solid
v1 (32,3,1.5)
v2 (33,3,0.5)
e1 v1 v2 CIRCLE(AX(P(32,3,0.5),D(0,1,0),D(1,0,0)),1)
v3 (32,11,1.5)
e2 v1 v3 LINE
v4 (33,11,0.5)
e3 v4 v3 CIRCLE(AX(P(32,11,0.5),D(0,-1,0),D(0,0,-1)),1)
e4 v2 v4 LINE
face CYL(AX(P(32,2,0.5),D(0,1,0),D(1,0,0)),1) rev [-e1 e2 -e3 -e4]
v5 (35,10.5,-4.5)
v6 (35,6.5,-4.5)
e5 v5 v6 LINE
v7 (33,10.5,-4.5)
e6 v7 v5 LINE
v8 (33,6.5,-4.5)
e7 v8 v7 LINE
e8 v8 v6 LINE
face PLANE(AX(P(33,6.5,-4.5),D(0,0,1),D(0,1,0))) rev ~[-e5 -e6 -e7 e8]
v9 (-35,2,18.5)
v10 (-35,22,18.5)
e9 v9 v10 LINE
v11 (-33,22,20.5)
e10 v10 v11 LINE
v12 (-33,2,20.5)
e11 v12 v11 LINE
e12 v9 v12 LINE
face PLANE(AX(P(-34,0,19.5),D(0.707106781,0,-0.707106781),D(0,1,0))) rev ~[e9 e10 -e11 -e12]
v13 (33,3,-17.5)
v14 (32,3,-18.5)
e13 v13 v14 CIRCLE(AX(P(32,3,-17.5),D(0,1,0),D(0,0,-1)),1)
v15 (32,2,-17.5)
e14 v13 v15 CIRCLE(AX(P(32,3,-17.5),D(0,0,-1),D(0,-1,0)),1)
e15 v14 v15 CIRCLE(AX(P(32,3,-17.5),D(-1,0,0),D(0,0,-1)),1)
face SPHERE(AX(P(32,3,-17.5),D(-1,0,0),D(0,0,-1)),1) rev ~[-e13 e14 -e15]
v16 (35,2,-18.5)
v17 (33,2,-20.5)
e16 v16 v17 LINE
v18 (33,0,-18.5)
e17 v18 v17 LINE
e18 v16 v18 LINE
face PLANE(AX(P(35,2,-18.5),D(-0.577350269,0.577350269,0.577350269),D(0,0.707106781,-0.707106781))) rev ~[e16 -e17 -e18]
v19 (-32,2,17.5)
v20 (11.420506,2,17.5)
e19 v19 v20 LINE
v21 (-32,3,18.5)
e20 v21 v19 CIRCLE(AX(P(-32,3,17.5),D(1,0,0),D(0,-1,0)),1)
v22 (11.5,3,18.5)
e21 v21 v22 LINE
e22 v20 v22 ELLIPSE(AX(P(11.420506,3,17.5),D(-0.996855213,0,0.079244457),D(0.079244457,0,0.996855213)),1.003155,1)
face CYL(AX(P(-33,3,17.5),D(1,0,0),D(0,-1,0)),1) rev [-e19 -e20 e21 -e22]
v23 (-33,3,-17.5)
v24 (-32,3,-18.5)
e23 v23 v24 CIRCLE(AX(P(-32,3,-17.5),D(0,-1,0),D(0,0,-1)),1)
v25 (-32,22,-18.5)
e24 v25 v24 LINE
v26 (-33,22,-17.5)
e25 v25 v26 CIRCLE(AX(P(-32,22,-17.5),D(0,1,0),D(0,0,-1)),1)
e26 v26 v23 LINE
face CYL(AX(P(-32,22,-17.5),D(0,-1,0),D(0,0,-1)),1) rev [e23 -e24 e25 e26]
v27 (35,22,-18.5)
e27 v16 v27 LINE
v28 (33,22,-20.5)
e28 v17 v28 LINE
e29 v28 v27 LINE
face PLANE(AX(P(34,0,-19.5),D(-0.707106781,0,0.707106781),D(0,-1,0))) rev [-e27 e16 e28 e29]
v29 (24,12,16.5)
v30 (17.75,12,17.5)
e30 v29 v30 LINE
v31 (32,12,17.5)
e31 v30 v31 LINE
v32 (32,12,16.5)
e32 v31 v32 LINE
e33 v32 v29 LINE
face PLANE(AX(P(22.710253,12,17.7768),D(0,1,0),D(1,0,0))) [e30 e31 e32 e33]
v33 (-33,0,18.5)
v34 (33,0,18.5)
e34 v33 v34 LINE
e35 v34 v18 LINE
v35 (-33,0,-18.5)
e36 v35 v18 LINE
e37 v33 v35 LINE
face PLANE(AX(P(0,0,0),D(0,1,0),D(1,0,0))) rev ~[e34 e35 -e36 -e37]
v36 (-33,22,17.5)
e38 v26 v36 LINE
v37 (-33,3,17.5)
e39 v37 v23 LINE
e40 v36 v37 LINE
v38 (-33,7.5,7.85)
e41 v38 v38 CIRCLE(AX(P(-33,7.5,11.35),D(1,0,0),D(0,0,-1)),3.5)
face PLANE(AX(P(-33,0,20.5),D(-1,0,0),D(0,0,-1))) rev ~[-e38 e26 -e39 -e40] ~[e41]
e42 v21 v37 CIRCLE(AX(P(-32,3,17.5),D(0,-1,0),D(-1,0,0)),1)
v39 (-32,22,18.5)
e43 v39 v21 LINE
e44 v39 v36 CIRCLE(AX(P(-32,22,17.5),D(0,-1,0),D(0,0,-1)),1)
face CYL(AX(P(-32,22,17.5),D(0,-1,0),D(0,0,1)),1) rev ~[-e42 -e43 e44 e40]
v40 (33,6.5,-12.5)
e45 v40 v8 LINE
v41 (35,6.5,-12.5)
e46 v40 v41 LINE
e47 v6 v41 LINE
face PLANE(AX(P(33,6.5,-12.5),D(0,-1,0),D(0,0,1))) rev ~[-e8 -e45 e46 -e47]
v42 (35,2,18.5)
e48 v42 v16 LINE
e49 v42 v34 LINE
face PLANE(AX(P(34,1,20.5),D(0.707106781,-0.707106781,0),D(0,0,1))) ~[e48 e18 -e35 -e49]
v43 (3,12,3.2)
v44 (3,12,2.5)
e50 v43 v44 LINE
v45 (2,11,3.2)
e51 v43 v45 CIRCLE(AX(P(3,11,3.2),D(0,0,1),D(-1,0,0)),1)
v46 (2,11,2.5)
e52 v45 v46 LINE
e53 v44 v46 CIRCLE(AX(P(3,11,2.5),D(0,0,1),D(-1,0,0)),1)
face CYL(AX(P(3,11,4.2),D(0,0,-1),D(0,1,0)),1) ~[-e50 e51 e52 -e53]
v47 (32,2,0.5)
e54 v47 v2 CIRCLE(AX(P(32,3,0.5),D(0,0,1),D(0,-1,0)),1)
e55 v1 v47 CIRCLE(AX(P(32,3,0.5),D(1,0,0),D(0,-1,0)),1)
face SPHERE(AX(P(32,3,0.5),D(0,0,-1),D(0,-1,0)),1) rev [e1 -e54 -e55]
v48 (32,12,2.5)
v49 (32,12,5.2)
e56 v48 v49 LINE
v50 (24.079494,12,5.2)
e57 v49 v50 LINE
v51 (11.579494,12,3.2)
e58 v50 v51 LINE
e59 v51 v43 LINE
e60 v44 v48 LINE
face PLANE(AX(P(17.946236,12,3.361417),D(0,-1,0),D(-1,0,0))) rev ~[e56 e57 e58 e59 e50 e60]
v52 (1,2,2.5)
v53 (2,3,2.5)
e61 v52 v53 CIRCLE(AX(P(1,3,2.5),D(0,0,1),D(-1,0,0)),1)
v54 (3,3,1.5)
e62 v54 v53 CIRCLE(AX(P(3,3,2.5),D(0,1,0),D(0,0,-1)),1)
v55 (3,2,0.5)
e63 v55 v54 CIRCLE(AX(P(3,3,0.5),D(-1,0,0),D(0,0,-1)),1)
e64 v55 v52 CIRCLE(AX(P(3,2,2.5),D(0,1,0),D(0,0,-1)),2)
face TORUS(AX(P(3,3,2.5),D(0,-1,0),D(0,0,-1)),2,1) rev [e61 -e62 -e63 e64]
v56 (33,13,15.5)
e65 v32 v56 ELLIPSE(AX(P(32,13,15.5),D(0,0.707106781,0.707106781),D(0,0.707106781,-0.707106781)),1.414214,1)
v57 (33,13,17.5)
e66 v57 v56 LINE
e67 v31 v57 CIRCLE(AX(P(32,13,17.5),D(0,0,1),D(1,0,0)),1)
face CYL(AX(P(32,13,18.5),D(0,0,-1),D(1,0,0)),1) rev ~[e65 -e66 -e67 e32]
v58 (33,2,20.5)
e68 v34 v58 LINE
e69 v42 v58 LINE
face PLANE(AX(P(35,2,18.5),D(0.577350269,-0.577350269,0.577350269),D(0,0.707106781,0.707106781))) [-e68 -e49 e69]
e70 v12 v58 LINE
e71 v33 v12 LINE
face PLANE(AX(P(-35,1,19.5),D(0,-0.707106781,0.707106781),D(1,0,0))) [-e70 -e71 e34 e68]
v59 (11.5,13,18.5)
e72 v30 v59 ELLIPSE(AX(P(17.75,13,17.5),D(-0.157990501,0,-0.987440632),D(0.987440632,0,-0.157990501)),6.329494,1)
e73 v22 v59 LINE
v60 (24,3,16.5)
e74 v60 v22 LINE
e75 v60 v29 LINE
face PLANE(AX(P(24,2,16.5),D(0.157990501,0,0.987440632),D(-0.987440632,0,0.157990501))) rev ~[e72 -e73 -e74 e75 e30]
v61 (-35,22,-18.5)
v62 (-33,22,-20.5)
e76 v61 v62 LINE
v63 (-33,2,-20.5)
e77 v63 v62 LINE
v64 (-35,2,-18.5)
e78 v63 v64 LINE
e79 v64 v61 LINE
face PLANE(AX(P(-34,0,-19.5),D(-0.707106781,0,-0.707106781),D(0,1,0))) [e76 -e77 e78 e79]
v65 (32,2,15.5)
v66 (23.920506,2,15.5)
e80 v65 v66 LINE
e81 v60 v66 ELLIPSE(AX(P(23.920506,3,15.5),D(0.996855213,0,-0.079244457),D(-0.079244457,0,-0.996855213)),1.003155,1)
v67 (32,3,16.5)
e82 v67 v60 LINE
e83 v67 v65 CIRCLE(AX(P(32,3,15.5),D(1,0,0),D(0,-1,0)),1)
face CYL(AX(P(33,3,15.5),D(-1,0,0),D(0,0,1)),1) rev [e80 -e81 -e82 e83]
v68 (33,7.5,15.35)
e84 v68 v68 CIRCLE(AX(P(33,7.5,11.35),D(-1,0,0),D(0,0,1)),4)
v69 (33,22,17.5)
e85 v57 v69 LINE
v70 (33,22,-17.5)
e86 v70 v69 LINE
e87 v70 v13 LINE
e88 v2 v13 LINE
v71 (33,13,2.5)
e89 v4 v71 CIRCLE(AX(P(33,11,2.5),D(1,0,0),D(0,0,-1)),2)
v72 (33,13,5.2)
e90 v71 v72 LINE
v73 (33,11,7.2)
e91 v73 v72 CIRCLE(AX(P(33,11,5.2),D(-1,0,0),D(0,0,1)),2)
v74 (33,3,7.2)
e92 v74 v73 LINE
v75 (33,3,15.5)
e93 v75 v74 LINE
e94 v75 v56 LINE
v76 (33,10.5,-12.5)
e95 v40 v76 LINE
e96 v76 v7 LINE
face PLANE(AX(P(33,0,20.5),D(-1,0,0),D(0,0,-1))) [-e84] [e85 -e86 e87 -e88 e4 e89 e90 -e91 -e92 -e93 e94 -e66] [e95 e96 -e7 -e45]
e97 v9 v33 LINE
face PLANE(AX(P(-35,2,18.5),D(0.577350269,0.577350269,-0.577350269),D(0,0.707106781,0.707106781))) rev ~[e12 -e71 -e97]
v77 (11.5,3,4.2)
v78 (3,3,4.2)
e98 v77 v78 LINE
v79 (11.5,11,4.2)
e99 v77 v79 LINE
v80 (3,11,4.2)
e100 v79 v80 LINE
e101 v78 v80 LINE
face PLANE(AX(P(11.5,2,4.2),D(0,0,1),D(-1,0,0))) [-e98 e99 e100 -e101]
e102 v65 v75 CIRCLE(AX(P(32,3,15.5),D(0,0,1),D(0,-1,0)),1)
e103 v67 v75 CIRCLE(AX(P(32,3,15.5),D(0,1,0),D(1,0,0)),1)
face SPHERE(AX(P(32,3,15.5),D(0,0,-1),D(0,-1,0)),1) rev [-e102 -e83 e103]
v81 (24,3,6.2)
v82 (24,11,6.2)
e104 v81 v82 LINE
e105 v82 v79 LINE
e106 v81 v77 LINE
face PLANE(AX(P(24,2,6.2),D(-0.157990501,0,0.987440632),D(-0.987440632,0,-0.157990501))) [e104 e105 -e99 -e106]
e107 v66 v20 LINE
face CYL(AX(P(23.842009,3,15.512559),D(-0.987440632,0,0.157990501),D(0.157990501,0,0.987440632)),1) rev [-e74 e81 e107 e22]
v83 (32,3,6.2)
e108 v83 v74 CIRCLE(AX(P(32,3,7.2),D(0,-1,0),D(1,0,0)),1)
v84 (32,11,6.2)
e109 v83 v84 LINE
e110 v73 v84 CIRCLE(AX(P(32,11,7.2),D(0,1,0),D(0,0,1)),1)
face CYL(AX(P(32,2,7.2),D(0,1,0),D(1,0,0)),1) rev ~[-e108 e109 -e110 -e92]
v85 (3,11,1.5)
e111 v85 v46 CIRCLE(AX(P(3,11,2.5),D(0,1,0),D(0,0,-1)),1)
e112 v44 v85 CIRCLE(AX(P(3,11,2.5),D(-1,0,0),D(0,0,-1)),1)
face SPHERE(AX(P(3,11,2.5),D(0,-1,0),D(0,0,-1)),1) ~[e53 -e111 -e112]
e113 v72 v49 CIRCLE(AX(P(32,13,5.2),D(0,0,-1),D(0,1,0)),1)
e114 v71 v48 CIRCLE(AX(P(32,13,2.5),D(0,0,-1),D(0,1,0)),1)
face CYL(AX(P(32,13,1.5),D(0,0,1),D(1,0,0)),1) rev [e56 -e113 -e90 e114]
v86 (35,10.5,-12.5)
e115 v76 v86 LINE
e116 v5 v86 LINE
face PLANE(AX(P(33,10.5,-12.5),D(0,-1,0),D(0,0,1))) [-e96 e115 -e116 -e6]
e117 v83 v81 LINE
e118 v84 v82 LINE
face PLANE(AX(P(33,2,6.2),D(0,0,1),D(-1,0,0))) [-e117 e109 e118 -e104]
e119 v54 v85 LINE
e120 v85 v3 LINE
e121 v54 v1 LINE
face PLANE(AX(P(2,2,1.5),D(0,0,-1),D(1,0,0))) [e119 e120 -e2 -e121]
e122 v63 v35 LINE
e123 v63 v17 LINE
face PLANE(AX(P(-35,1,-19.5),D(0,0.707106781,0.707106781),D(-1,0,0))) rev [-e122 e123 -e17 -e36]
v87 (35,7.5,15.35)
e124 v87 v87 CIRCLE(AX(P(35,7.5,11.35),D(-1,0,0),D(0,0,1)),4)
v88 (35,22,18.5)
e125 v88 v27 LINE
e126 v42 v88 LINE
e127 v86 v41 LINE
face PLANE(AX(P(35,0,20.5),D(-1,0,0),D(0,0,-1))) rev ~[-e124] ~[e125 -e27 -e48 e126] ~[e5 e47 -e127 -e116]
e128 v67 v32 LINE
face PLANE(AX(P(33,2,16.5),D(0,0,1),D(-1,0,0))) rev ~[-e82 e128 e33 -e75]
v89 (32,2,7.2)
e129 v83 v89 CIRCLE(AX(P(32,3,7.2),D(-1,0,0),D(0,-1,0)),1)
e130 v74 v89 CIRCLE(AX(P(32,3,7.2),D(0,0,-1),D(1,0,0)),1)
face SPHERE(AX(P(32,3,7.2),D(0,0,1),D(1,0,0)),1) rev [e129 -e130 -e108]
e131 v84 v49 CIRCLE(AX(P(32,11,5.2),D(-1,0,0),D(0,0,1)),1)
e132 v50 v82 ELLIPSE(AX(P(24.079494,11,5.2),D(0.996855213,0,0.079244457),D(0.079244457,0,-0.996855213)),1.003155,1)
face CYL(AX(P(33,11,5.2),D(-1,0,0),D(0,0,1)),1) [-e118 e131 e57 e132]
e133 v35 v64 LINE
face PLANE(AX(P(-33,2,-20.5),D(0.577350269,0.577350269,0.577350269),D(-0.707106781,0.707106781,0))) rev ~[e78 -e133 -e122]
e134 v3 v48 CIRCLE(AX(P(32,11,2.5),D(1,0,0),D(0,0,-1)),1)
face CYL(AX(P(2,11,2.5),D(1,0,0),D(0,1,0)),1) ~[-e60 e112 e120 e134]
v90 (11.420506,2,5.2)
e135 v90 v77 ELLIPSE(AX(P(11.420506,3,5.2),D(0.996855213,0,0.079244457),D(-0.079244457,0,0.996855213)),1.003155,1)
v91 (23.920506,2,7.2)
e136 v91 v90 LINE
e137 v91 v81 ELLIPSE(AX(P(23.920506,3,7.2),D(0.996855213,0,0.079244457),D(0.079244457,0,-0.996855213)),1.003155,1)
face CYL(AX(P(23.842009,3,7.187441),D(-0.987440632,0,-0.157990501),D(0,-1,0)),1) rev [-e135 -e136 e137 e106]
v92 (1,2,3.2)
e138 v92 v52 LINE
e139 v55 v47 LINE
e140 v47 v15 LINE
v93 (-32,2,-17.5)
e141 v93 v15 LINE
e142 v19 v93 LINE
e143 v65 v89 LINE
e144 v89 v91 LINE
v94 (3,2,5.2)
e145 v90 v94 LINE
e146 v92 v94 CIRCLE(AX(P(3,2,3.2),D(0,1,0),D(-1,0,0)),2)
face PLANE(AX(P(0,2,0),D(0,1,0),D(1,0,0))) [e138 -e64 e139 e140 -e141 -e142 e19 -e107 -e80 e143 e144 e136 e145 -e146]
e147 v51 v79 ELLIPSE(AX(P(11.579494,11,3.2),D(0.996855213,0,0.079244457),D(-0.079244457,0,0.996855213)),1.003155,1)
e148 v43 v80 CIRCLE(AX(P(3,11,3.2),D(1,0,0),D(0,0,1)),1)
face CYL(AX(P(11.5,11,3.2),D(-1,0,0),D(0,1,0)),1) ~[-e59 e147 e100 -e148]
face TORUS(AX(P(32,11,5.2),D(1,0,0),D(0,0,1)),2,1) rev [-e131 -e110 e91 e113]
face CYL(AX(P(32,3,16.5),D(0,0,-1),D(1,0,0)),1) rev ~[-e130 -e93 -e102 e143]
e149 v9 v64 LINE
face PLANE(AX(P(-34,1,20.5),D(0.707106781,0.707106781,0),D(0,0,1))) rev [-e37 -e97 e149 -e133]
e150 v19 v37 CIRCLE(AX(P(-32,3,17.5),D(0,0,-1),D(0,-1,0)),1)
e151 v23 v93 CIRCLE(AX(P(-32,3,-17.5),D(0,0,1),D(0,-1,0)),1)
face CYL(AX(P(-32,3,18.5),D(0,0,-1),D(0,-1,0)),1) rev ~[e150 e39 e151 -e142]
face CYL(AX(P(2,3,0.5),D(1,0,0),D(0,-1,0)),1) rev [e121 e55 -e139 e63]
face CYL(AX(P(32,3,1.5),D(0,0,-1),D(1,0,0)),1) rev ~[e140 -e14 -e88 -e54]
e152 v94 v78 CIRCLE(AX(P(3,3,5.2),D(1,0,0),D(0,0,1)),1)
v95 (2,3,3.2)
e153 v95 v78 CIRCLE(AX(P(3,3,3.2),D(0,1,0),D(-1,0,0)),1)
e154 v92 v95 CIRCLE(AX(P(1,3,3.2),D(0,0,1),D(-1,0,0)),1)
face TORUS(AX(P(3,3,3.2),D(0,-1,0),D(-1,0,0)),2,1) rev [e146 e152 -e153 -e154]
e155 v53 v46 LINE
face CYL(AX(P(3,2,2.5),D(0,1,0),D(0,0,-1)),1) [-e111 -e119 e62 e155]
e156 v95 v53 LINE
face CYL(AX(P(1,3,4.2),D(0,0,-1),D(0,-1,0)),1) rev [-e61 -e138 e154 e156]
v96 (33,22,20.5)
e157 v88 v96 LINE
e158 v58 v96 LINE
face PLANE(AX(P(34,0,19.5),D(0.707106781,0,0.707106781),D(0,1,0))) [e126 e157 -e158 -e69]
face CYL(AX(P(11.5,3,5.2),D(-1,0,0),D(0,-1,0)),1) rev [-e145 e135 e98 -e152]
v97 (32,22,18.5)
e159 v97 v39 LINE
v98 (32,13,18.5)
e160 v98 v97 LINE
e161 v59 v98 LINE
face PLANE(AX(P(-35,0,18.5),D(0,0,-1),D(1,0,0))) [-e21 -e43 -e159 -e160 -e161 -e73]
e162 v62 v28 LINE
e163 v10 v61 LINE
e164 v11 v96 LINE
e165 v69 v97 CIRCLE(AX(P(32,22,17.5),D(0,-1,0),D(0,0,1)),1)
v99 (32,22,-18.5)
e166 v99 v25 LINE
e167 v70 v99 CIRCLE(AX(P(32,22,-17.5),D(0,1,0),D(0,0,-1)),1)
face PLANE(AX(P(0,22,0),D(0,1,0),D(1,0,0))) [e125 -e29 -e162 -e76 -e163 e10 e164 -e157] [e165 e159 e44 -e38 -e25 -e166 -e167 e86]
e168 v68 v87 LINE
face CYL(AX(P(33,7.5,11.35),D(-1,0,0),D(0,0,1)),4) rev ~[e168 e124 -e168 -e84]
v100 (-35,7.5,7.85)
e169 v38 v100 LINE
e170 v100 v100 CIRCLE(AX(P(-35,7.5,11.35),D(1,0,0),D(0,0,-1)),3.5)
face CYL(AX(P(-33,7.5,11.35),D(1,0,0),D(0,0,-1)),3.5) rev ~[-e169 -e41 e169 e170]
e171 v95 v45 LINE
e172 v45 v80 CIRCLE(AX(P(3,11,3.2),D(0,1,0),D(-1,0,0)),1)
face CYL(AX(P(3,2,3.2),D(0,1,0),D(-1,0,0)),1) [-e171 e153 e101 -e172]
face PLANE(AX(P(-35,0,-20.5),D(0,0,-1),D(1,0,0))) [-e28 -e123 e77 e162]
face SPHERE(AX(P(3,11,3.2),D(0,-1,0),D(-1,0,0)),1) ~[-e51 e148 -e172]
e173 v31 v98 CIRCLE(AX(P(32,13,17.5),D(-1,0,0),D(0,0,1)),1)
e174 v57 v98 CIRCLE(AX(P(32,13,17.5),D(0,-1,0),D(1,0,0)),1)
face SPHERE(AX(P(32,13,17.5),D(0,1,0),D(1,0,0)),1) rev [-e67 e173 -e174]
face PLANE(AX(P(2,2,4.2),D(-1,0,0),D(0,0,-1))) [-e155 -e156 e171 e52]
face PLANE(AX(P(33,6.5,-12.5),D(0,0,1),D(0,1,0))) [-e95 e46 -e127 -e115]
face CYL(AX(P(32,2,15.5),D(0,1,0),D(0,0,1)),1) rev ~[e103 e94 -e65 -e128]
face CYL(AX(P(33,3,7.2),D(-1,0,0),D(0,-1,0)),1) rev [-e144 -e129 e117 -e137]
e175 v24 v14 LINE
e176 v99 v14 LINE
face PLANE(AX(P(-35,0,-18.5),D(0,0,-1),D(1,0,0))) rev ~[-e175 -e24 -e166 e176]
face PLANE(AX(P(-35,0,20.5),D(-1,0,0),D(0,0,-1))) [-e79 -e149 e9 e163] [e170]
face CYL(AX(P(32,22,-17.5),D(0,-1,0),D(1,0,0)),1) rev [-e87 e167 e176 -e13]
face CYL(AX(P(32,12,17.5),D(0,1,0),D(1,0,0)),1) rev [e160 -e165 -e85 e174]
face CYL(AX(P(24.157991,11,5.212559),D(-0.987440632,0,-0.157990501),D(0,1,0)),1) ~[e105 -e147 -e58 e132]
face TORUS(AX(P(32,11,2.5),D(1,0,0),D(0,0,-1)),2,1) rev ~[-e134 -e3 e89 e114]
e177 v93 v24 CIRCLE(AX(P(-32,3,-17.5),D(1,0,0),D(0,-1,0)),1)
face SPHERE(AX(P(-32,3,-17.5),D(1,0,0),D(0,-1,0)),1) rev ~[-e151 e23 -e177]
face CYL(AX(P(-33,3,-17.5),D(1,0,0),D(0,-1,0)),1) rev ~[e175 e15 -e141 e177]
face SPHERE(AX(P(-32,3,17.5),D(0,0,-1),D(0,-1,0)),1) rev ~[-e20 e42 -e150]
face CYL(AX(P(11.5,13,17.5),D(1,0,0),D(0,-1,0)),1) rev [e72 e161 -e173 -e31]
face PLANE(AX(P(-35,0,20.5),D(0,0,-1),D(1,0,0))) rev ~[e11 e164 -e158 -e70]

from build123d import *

# Parameters (mm, degrees)
ESQUISSE1_W             = 70
ESQUISSE1_H             = 41
BOSS_EXTRU_1_DEPTH      = 22
COQUE1_T                = -2
BOSS_EXTRU_2_DEPTH      = 10
ENL_V_MAT_EXTRU_1_REACH = 76.352
ESQUISSE3_R             = 4
ESQUISSE3_W             = 8
ESQUISSE3_H             = 4
ENL_V_MAT_EXTRU_2_REACH = 76.352
ESQUISSE4_R             = 3.5
CONG_1_R                = 1
CHANFREIN1_SIZE         = 2


with BuildPart() as part:
    # Esquisse1 → Boss.-Extru.1 (new body)
    with BuildSketch(Plane(origin=(0, 0, 0), x_dir=(1, 0, 0), z_dir=(0, 1, 0))):
        Rectangle(ESQUISSE1_W, ESQUISSE1_H)
    extrude(amount=BOSS_EXTRU_1_DEPTH)

    # Coque1
    coque1_openings = [part.faces().sort_by_distance(p)[0] for p in [
        (0, 22, 0),
    ]]
    offset(amount=COQUE1_T, openings=coque1_openings, kind=Kind.INTERSECTION)

    # Esquisse2 → Boss.-Extru.2 (add)
    with BuildSketch(Plane(origin=(0, 2, 0), x_dir=(1, 0, 0), z_dir=(0, 1, 0))):
        Polygon((33, -16.5), (24, -16.5), (11.5, -18.5), (33, -18.5), align=None)
        Polygon((33, -6.2), (24, -6.2), (11.5, -4.2), (2, -4.2), (2, -1.5), (33, -1.5), align=None)
    extrude(amount=BOSS_EXTRU_2_DEPTH)

    # Esquisse3 → Enlèv. mat.-Extru.1 (cut, up to next)
    with BuildSketch(Plane.ZY.offset(-33), mode=Mode.PRIVATE) as enl_v_mat_extru_1_sk1:
        with Locations((11.35, 7.5)):
            Circle(ESQUISSE3_R)
    enl_v_mat_extru_1_tool1 = extrude(enl_v_mat_extru_1_sk1.sketch, amount=-ENL_V_MAT_EXTRU_1_REACH, mode=Mode.PRIVATE) & part.part
    # Esquisse3 → Enlèv. mat.-Extru.1 (cut, up to next)
    with BuildSketch(Plane.ZY.offset(-33), mode=Mode.PRIVATE) as enl_v_mat_extru_1_sk2:
        with Locations((-8.5, 8.5)):
            Rectangle(ESQUISSE3_W, ESQUISSE3_H)
    enl_v_mat_extru_1_tool2 = extrude(enl_v_mat_extru_1_sk2.sketch, amount=-ENL_V_MAT_EXTRU_1_REACH, mode=Mode.PRIVATE) & part.part
    add(enl_v_mat_extru_1_tool1.solids().sort_by_distance((33, 7.5, 11.35))[0], mode=Mode.SUBTRACT)
    add(enl_v_mat_extru_1_tool2.solids().sort_by_distance((33, 8.5, -8.5))[0], mode=Mode.SUBTRACT)

    # Esquisse4 → Enlèv. mat.-Extru.2 (cut, up to next)
    with BuildSketch(Plane(origin=(-33, 0, 0), x_dir=(0, 0, -1), z_dir=(1, 0, 0)), mode=Mode.PRIVATE) as enl_v_mat_extru_2_sk1:
        with Locations((-11.35, 7.5)):
            Circle(ESQUISSE4_R)
    enl_v_mat_extru_2_tool1 = extrude(enl_v_mat_extru_2_sk1.sketch, amount=-ENL_V_MAT_EXTRU_2_REACH, mode=Mode.PRIVATE) & part.part
    add(enl_v_mat_extru_2_tool1.solids().sort_by_distance((-33, 7.5, 11.35))[0], mode=Mode.SUBTRACT)

    # Congé1
    cong_1_edges = [part.edges().sort_by_distance(p)[0] for p in [
        (33, 17, 18.5),
        (0, 2, -18.5),
        (33, 12, -18.5),
        (-33, 2, 0),
        (-33, 12, -18.5),
        (-10.75, 2, 18.5),
        (-33, 12, 18.5),
        (33, 2, 11.35),
        (28.5, 2, 16.5),
        (33, 7, 16.5),
        (17.75, 2, 17.5),
        (33, 12, 17.5),
        (22.25, 12, 18.5),
        (33, 2, -8.5),
        (33, 7, 6.2),
        (17.5, 2, 1.5),
        (33, 7, 1.5),
        (2, 2, 2.85),
        (2, 7, 1.5),
        (6.75, 2, 4.2),
        (2, 7, 4.2),
        (17.75, 2, 5.2),
        (28.5, 2, 6.2),
        (33, 12, 3.85),
        (17.5, 12, 1.5),
        (2, 12, 2.85),
        (6.75, 12, 4.2),
        (17.75, 12, 5.2),
        (28.5, 12, 6.2),
    ]]
    fillet(cong_1_edges, radius=CONG_1_R)

    # Chanfrein1
    chanfrein1_edges = [part.edges().sort_by_distance(p)[0] for p in [
        (0, 0, 20.5),
        (-35, 0, 0),
        (0, 0, -20.5),
        (35, 0, 0),
        (35, 11, 20.5),
        (-35, 11, 20.5),
        (-35, 11, -20.5),
        (35, 11, -20.5),
    ]]
    chamfer(chanfrein1_edges, length=CHANFREIN1_SIZE)


solid = part.part
